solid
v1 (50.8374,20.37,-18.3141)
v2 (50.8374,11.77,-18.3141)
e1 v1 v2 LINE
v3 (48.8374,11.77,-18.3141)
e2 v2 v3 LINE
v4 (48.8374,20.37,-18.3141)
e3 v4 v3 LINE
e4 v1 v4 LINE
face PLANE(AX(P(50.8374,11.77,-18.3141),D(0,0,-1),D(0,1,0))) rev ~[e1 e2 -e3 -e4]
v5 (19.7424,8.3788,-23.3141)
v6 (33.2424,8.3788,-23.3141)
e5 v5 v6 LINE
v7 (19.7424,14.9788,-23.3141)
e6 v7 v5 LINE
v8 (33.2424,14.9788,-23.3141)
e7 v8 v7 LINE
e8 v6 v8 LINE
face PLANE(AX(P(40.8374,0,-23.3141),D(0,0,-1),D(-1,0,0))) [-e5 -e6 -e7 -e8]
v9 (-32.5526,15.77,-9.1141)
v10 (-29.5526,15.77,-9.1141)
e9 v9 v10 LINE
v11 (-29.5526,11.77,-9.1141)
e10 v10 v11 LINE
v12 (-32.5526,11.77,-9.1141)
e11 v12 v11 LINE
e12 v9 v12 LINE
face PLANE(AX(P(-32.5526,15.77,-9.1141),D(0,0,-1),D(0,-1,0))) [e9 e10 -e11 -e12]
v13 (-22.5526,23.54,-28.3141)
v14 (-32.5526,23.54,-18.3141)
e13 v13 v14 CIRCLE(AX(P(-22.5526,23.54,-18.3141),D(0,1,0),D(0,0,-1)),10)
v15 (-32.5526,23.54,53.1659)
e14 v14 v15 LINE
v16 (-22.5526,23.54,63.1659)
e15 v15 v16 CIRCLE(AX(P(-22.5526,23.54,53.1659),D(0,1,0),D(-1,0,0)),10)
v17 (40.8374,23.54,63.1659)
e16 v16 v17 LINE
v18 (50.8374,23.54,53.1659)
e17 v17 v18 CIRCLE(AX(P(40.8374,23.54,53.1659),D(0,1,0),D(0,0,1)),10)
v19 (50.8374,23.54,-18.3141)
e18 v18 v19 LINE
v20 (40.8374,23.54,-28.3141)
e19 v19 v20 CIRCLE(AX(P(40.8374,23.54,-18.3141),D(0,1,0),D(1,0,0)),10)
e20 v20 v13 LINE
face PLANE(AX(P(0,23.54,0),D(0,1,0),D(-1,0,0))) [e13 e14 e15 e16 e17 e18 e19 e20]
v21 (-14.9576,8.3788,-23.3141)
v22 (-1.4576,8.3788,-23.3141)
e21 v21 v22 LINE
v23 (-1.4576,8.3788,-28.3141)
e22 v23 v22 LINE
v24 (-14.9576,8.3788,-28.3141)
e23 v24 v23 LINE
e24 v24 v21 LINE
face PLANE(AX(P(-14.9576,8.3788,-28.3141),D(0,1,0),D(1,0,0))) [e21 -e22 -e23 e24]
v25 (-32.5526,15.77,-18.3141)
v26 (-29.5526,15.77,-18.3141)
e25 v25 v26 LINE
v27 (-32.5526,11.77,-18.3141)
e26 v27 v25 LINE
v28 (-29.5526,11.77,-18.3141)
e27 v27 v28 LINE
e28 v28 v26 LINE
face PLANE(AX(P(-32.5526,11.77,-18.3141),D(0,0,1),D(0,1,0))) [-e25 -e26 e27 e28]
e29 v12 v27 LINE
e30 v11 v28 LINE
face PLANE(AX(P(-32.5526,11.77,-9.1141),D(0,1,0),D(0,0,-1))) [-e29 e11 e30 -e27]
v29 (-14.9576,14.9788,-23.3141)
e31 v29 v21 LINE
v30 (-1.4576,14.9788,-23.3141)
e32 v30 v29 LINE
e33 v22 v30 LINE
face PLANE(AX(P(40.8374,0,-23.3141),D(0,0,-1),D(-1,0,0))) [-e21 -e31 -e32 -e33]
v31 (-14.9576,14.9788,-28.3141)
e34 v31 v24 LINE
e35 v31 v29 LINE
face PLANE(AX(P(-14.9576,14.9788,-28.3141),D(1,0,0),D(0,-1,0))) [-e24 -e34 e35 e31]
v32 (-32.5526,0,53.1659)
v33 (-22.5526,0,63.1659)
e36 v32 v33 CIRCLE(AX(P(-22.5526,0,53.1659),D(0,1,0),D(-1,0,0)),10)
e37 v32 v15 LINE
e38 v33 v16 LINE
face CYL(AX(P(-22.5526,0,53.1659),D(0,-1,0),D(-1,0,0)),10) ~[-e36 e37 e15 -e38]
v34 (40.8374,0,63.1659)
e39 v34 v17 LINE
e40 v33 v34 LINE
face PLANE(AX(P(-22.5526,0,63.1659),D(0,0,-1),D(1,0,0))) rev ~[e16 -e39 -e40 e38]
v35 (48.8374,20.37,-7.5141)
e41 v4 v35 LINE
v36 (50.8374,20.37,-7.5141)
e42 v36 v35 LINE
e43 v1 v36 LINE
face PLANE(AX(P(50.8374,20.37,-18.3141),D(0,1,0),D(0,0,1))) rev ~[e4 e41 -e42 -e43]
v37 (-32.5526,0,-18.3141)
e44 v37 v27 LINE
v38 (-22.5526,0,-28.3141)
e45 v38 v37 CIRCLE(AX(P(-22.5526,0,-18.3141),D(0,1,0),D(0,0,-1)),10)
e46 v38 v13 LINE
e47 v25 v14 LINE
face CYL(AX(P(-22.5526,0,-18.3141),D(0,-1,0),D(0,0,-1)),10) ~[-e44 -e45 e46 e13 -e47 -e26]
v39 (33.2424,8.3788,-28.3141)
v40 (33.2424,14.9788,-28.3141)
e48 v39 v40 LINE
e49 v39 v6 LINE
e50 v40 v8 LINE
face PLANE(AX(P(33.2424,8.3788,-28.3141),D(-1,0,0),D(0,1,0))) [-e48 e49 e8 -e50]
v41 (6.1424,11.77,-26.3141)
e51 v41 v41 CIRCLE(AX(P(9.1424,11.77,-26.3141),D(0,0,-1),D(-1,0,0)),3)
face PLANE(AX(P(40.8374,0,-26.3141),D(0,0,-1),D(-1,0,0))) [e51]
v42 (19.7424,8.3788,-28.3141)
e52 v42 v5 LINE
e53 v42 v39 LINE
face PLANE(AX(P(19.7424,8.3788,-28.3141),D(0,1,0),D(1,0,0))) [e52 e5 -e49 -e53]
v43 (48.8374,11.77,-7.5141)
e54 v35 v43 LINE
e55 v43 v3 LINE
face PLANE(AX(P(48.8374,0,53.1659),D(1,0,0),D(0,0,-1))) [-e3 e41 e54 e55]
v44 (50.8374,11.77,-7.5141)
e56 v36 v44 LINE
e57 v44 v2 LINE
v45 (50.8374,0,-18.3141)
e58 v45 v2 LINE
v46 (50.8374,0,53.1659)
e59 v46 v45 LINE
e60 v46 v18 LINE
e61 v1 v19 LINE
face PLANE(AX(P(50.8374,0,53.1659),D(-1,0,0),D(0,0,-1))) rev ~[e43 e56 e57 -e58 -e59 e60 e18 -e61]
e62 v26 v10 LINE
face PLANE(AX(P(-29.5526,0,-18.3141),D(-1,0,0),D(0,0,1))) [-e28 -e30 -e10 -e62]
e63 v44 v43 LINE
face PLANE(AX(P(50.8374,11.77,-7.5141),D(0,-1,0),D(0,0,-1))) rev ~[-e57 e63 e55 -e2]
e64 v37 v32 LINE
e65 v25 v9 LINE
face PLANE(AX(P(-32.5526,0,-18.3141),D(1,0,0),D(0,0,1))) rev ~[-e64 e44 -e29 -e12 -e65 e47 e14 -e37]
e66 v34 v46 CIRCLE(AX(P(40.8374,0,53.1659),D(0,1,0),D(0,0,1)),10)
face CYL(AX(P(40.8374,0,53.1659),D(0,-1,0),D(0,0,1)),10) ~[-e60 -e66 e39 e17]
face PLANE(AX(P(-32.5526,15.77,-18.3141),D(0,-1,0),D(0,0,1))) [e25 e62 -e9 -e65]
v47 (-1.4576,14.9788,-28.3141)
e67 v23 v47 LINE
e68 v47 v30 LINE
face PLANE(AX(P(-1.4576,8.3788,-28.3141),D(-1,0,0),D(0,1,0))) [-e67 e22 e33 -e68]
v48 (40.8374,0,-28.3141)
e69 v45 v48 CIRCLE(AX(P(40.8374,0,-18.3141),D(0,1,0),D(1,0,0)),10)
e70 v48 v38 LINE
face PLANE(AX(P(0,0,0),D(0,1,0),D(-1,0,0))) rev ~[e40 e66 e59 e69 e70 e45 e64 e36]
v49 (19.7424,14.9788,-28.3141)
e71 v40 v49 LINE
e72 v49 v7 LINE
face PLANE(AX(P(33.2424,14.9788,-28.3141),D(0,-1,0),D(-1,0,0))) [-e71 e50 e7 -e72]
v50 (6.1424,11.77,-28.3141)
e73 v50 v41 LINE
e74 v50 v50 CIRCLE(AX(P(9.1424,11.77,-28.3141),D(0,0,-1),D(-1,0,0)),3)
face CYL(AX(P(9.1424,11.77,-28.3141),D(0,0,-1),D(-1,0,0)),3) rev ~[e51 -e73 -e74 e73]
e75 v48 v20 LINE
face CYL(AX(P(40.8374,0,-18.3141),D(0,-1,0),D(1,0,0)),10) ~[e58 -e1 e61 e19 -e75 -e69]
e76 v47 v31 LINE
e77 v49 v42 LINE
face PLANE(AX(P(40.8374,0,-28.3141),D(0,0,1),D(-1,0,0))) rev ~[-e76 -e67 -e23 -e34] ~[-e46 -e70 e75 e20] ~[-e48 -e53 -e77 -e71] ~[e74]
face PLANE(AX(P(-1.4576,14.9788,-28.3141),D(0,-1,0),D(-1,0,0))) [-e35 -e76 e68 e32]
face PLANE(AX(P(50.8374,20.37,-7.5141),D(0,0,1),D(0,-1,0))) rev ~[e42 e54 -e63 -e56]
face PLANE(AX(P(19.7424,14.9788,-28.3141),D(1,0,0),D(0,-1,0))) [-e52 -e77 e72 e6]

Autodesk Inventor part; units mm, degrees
ref_plane "YZ Plane" through (0, 0, 0) normal (1, 0, 0) x (0, 1, 0)
ref_plane "XZ Plane" through (0, 0, 0) normal (0, 1, 0) x (-1, 0, 0)
ref_plane "XY Plane" through (0, 0, 0) normal (0, 0, 1) x (1, 0, 0)
sketch "Sketch1" plane through (0, 0, 0) normal (0, 1, 0) x (-1, 0, 0)
  line L0 (22.5526, 63.1659) -> (-40.8374, 63.1659)
  line L1 (-50.8374, 53.1659) -> (-50.8374, -18.3141)
  line L2 (-40.8374, -28.3141) -> (22.5526, -28.3141)
  line L3 (32.5526, -18.3141) -> (32.5526, 53.1659)
  arc A0 (32.5526, 53.1659) -> (22.5526, 63.1659) centre (22.5526, 53.1659) ccw
  arc A1 (22.5526, -28.3141) -> (32.5526, -18.3141) centre (22.5526, -18.3141) ccw
  arc A2 (-50.8374, -18.3141) -> (-40.8374, -28.3141) centre (-40.8374, -18.3141) ccw
  arc A3 (-40.8374, 63.1659) -> (-50.8374, 53.1659) centre (-40.8374, 53.1659) ccw
  point P0 (0, 0)
  point P1 (32.5526, 63.1659)
  point P2 (-50.8374, 63.1659)
  point P3 (32.5526, -28.3141)
  dimension "d0" = 83.39
  dimension "d1" = 91.48
  dimension "d2" = 10
  dimension "d3" = 10
extrude "Extrusion1" add sketch "Sketch1" along normal blind 23.54
sketch "Sketch2" plane through (40.8374, 0, -28.3141) normal (0, 0, -1) x (-1, 0, 0)
  line L0 (7.595, 14.9788) -> (21.095, 14.9788)
  line L1 (21.095, 14.9788) -> (21.095, 8.3788)
  line L2 (21.095, 8.3788) -> (7.595, 8.3788)
  line L3 (7.595, 8.3788) -> (7.595, 14.9788)
  line L4 (42.295, 14.9788) -> (55.795, 14.9788)
  line L5 (55.795, 14.9788) -> (55.795, 8.3788)
  line L6 (55.795, 8.3788) -> (42.295, 8.3788)
  line L7 (42.295, 8.3788) -> (42.295, 14.9788)
  line L8 (73.39, 0) -> (73.39, 23.54) projected
  point P0 (40.8374, 0)
  dimension "d6" = 13.5
  dimension "d7" = 6.6
  dimension "d8" = 13.5
  dimension "d9" = 6.6
  dimension "d10" = 21.2
  dimension "d11" = 17.595
extrude "Extrusion2" cut sketch "Sketch2" against normal blind 5
sketch "Sketch3" plane through (40.8374, 0, -28.3141) normal (0, 0, -1) x (-1, 0, 0)
  circle A0 centre (31.695, 11.77) radius 3
  line L0 (0, 23.54) -> (63.39, 23.54) projected
  line L1 (-10, 0) -> (-10, 23.54) projected
  point P0 (40.8374, 0)
  dimension "d14" = 6
  dimension "d15" = 11.77
  dimension "d16" = 41.695
extrude "Extrusion3" cut sketch "Sketch3" against normal blind 2
sketch "Sketch4" plane through (-32.5526, 0, -18.3141) normal (-1, 0, 0) x (0, 0, 1)
  line L0 (0, 15.77) -> (9.2, 15.77)
  line L1 (9.2, 15.77) -> (9.2, 11.77)
  line L2 (9.2, 11.77) -> (0, 11.77)
  line L3 (0, 11.77) -> (0, 15.77)
  line L4 (0, 0) -> (0, 23.54) projected
  line L5 (71.48, 0) -> (0, 0) projected
  point P0 (18.3141, 0)
  dimension "d19" = 9.2
  dimension "d20" = 4
  dimension "d21" = 0
  dimension "d22" = 11.77
extrude "Extrusion4" cut sketch "Sketch4" against normal blind 3
sketch "Sketch5" plane through (50.8374, 0, 53.1659) normal (1, 0, 0) x (0, 0, -1)
  line L0 (71.48, 15.77) -> (71.48, 23.54) projected
  line L1 (71.48, 20.37) -> (60.68, 20.37)
  line L2 (60.68, 20.37) -> (60.68, 11.77)
  line L3 (60.68, 11.77) -> (71.48, 11.77)
  line L4 (71.48, 11.77) -> (71.48, 20.37)
  line L5 (71.48, 0) -> (0, 0) projected
  point P0 (53.1659, 0)
  dimension "d25" = 8.6
  dimension "d26" = 10.8
  dimension "d27" = 11.77
extrude "Extrusion5" cut sketch "Sketch5" against normal blind 2
equation "\"d8\" = d6"
equation "\"d9\" = d7"
equation "\"d11\" = -d6 + 0.5 * d0 - 0.5 * d10"
equation "\"d16\" = 0.5 * d0"
properties part number "Yoobao"
